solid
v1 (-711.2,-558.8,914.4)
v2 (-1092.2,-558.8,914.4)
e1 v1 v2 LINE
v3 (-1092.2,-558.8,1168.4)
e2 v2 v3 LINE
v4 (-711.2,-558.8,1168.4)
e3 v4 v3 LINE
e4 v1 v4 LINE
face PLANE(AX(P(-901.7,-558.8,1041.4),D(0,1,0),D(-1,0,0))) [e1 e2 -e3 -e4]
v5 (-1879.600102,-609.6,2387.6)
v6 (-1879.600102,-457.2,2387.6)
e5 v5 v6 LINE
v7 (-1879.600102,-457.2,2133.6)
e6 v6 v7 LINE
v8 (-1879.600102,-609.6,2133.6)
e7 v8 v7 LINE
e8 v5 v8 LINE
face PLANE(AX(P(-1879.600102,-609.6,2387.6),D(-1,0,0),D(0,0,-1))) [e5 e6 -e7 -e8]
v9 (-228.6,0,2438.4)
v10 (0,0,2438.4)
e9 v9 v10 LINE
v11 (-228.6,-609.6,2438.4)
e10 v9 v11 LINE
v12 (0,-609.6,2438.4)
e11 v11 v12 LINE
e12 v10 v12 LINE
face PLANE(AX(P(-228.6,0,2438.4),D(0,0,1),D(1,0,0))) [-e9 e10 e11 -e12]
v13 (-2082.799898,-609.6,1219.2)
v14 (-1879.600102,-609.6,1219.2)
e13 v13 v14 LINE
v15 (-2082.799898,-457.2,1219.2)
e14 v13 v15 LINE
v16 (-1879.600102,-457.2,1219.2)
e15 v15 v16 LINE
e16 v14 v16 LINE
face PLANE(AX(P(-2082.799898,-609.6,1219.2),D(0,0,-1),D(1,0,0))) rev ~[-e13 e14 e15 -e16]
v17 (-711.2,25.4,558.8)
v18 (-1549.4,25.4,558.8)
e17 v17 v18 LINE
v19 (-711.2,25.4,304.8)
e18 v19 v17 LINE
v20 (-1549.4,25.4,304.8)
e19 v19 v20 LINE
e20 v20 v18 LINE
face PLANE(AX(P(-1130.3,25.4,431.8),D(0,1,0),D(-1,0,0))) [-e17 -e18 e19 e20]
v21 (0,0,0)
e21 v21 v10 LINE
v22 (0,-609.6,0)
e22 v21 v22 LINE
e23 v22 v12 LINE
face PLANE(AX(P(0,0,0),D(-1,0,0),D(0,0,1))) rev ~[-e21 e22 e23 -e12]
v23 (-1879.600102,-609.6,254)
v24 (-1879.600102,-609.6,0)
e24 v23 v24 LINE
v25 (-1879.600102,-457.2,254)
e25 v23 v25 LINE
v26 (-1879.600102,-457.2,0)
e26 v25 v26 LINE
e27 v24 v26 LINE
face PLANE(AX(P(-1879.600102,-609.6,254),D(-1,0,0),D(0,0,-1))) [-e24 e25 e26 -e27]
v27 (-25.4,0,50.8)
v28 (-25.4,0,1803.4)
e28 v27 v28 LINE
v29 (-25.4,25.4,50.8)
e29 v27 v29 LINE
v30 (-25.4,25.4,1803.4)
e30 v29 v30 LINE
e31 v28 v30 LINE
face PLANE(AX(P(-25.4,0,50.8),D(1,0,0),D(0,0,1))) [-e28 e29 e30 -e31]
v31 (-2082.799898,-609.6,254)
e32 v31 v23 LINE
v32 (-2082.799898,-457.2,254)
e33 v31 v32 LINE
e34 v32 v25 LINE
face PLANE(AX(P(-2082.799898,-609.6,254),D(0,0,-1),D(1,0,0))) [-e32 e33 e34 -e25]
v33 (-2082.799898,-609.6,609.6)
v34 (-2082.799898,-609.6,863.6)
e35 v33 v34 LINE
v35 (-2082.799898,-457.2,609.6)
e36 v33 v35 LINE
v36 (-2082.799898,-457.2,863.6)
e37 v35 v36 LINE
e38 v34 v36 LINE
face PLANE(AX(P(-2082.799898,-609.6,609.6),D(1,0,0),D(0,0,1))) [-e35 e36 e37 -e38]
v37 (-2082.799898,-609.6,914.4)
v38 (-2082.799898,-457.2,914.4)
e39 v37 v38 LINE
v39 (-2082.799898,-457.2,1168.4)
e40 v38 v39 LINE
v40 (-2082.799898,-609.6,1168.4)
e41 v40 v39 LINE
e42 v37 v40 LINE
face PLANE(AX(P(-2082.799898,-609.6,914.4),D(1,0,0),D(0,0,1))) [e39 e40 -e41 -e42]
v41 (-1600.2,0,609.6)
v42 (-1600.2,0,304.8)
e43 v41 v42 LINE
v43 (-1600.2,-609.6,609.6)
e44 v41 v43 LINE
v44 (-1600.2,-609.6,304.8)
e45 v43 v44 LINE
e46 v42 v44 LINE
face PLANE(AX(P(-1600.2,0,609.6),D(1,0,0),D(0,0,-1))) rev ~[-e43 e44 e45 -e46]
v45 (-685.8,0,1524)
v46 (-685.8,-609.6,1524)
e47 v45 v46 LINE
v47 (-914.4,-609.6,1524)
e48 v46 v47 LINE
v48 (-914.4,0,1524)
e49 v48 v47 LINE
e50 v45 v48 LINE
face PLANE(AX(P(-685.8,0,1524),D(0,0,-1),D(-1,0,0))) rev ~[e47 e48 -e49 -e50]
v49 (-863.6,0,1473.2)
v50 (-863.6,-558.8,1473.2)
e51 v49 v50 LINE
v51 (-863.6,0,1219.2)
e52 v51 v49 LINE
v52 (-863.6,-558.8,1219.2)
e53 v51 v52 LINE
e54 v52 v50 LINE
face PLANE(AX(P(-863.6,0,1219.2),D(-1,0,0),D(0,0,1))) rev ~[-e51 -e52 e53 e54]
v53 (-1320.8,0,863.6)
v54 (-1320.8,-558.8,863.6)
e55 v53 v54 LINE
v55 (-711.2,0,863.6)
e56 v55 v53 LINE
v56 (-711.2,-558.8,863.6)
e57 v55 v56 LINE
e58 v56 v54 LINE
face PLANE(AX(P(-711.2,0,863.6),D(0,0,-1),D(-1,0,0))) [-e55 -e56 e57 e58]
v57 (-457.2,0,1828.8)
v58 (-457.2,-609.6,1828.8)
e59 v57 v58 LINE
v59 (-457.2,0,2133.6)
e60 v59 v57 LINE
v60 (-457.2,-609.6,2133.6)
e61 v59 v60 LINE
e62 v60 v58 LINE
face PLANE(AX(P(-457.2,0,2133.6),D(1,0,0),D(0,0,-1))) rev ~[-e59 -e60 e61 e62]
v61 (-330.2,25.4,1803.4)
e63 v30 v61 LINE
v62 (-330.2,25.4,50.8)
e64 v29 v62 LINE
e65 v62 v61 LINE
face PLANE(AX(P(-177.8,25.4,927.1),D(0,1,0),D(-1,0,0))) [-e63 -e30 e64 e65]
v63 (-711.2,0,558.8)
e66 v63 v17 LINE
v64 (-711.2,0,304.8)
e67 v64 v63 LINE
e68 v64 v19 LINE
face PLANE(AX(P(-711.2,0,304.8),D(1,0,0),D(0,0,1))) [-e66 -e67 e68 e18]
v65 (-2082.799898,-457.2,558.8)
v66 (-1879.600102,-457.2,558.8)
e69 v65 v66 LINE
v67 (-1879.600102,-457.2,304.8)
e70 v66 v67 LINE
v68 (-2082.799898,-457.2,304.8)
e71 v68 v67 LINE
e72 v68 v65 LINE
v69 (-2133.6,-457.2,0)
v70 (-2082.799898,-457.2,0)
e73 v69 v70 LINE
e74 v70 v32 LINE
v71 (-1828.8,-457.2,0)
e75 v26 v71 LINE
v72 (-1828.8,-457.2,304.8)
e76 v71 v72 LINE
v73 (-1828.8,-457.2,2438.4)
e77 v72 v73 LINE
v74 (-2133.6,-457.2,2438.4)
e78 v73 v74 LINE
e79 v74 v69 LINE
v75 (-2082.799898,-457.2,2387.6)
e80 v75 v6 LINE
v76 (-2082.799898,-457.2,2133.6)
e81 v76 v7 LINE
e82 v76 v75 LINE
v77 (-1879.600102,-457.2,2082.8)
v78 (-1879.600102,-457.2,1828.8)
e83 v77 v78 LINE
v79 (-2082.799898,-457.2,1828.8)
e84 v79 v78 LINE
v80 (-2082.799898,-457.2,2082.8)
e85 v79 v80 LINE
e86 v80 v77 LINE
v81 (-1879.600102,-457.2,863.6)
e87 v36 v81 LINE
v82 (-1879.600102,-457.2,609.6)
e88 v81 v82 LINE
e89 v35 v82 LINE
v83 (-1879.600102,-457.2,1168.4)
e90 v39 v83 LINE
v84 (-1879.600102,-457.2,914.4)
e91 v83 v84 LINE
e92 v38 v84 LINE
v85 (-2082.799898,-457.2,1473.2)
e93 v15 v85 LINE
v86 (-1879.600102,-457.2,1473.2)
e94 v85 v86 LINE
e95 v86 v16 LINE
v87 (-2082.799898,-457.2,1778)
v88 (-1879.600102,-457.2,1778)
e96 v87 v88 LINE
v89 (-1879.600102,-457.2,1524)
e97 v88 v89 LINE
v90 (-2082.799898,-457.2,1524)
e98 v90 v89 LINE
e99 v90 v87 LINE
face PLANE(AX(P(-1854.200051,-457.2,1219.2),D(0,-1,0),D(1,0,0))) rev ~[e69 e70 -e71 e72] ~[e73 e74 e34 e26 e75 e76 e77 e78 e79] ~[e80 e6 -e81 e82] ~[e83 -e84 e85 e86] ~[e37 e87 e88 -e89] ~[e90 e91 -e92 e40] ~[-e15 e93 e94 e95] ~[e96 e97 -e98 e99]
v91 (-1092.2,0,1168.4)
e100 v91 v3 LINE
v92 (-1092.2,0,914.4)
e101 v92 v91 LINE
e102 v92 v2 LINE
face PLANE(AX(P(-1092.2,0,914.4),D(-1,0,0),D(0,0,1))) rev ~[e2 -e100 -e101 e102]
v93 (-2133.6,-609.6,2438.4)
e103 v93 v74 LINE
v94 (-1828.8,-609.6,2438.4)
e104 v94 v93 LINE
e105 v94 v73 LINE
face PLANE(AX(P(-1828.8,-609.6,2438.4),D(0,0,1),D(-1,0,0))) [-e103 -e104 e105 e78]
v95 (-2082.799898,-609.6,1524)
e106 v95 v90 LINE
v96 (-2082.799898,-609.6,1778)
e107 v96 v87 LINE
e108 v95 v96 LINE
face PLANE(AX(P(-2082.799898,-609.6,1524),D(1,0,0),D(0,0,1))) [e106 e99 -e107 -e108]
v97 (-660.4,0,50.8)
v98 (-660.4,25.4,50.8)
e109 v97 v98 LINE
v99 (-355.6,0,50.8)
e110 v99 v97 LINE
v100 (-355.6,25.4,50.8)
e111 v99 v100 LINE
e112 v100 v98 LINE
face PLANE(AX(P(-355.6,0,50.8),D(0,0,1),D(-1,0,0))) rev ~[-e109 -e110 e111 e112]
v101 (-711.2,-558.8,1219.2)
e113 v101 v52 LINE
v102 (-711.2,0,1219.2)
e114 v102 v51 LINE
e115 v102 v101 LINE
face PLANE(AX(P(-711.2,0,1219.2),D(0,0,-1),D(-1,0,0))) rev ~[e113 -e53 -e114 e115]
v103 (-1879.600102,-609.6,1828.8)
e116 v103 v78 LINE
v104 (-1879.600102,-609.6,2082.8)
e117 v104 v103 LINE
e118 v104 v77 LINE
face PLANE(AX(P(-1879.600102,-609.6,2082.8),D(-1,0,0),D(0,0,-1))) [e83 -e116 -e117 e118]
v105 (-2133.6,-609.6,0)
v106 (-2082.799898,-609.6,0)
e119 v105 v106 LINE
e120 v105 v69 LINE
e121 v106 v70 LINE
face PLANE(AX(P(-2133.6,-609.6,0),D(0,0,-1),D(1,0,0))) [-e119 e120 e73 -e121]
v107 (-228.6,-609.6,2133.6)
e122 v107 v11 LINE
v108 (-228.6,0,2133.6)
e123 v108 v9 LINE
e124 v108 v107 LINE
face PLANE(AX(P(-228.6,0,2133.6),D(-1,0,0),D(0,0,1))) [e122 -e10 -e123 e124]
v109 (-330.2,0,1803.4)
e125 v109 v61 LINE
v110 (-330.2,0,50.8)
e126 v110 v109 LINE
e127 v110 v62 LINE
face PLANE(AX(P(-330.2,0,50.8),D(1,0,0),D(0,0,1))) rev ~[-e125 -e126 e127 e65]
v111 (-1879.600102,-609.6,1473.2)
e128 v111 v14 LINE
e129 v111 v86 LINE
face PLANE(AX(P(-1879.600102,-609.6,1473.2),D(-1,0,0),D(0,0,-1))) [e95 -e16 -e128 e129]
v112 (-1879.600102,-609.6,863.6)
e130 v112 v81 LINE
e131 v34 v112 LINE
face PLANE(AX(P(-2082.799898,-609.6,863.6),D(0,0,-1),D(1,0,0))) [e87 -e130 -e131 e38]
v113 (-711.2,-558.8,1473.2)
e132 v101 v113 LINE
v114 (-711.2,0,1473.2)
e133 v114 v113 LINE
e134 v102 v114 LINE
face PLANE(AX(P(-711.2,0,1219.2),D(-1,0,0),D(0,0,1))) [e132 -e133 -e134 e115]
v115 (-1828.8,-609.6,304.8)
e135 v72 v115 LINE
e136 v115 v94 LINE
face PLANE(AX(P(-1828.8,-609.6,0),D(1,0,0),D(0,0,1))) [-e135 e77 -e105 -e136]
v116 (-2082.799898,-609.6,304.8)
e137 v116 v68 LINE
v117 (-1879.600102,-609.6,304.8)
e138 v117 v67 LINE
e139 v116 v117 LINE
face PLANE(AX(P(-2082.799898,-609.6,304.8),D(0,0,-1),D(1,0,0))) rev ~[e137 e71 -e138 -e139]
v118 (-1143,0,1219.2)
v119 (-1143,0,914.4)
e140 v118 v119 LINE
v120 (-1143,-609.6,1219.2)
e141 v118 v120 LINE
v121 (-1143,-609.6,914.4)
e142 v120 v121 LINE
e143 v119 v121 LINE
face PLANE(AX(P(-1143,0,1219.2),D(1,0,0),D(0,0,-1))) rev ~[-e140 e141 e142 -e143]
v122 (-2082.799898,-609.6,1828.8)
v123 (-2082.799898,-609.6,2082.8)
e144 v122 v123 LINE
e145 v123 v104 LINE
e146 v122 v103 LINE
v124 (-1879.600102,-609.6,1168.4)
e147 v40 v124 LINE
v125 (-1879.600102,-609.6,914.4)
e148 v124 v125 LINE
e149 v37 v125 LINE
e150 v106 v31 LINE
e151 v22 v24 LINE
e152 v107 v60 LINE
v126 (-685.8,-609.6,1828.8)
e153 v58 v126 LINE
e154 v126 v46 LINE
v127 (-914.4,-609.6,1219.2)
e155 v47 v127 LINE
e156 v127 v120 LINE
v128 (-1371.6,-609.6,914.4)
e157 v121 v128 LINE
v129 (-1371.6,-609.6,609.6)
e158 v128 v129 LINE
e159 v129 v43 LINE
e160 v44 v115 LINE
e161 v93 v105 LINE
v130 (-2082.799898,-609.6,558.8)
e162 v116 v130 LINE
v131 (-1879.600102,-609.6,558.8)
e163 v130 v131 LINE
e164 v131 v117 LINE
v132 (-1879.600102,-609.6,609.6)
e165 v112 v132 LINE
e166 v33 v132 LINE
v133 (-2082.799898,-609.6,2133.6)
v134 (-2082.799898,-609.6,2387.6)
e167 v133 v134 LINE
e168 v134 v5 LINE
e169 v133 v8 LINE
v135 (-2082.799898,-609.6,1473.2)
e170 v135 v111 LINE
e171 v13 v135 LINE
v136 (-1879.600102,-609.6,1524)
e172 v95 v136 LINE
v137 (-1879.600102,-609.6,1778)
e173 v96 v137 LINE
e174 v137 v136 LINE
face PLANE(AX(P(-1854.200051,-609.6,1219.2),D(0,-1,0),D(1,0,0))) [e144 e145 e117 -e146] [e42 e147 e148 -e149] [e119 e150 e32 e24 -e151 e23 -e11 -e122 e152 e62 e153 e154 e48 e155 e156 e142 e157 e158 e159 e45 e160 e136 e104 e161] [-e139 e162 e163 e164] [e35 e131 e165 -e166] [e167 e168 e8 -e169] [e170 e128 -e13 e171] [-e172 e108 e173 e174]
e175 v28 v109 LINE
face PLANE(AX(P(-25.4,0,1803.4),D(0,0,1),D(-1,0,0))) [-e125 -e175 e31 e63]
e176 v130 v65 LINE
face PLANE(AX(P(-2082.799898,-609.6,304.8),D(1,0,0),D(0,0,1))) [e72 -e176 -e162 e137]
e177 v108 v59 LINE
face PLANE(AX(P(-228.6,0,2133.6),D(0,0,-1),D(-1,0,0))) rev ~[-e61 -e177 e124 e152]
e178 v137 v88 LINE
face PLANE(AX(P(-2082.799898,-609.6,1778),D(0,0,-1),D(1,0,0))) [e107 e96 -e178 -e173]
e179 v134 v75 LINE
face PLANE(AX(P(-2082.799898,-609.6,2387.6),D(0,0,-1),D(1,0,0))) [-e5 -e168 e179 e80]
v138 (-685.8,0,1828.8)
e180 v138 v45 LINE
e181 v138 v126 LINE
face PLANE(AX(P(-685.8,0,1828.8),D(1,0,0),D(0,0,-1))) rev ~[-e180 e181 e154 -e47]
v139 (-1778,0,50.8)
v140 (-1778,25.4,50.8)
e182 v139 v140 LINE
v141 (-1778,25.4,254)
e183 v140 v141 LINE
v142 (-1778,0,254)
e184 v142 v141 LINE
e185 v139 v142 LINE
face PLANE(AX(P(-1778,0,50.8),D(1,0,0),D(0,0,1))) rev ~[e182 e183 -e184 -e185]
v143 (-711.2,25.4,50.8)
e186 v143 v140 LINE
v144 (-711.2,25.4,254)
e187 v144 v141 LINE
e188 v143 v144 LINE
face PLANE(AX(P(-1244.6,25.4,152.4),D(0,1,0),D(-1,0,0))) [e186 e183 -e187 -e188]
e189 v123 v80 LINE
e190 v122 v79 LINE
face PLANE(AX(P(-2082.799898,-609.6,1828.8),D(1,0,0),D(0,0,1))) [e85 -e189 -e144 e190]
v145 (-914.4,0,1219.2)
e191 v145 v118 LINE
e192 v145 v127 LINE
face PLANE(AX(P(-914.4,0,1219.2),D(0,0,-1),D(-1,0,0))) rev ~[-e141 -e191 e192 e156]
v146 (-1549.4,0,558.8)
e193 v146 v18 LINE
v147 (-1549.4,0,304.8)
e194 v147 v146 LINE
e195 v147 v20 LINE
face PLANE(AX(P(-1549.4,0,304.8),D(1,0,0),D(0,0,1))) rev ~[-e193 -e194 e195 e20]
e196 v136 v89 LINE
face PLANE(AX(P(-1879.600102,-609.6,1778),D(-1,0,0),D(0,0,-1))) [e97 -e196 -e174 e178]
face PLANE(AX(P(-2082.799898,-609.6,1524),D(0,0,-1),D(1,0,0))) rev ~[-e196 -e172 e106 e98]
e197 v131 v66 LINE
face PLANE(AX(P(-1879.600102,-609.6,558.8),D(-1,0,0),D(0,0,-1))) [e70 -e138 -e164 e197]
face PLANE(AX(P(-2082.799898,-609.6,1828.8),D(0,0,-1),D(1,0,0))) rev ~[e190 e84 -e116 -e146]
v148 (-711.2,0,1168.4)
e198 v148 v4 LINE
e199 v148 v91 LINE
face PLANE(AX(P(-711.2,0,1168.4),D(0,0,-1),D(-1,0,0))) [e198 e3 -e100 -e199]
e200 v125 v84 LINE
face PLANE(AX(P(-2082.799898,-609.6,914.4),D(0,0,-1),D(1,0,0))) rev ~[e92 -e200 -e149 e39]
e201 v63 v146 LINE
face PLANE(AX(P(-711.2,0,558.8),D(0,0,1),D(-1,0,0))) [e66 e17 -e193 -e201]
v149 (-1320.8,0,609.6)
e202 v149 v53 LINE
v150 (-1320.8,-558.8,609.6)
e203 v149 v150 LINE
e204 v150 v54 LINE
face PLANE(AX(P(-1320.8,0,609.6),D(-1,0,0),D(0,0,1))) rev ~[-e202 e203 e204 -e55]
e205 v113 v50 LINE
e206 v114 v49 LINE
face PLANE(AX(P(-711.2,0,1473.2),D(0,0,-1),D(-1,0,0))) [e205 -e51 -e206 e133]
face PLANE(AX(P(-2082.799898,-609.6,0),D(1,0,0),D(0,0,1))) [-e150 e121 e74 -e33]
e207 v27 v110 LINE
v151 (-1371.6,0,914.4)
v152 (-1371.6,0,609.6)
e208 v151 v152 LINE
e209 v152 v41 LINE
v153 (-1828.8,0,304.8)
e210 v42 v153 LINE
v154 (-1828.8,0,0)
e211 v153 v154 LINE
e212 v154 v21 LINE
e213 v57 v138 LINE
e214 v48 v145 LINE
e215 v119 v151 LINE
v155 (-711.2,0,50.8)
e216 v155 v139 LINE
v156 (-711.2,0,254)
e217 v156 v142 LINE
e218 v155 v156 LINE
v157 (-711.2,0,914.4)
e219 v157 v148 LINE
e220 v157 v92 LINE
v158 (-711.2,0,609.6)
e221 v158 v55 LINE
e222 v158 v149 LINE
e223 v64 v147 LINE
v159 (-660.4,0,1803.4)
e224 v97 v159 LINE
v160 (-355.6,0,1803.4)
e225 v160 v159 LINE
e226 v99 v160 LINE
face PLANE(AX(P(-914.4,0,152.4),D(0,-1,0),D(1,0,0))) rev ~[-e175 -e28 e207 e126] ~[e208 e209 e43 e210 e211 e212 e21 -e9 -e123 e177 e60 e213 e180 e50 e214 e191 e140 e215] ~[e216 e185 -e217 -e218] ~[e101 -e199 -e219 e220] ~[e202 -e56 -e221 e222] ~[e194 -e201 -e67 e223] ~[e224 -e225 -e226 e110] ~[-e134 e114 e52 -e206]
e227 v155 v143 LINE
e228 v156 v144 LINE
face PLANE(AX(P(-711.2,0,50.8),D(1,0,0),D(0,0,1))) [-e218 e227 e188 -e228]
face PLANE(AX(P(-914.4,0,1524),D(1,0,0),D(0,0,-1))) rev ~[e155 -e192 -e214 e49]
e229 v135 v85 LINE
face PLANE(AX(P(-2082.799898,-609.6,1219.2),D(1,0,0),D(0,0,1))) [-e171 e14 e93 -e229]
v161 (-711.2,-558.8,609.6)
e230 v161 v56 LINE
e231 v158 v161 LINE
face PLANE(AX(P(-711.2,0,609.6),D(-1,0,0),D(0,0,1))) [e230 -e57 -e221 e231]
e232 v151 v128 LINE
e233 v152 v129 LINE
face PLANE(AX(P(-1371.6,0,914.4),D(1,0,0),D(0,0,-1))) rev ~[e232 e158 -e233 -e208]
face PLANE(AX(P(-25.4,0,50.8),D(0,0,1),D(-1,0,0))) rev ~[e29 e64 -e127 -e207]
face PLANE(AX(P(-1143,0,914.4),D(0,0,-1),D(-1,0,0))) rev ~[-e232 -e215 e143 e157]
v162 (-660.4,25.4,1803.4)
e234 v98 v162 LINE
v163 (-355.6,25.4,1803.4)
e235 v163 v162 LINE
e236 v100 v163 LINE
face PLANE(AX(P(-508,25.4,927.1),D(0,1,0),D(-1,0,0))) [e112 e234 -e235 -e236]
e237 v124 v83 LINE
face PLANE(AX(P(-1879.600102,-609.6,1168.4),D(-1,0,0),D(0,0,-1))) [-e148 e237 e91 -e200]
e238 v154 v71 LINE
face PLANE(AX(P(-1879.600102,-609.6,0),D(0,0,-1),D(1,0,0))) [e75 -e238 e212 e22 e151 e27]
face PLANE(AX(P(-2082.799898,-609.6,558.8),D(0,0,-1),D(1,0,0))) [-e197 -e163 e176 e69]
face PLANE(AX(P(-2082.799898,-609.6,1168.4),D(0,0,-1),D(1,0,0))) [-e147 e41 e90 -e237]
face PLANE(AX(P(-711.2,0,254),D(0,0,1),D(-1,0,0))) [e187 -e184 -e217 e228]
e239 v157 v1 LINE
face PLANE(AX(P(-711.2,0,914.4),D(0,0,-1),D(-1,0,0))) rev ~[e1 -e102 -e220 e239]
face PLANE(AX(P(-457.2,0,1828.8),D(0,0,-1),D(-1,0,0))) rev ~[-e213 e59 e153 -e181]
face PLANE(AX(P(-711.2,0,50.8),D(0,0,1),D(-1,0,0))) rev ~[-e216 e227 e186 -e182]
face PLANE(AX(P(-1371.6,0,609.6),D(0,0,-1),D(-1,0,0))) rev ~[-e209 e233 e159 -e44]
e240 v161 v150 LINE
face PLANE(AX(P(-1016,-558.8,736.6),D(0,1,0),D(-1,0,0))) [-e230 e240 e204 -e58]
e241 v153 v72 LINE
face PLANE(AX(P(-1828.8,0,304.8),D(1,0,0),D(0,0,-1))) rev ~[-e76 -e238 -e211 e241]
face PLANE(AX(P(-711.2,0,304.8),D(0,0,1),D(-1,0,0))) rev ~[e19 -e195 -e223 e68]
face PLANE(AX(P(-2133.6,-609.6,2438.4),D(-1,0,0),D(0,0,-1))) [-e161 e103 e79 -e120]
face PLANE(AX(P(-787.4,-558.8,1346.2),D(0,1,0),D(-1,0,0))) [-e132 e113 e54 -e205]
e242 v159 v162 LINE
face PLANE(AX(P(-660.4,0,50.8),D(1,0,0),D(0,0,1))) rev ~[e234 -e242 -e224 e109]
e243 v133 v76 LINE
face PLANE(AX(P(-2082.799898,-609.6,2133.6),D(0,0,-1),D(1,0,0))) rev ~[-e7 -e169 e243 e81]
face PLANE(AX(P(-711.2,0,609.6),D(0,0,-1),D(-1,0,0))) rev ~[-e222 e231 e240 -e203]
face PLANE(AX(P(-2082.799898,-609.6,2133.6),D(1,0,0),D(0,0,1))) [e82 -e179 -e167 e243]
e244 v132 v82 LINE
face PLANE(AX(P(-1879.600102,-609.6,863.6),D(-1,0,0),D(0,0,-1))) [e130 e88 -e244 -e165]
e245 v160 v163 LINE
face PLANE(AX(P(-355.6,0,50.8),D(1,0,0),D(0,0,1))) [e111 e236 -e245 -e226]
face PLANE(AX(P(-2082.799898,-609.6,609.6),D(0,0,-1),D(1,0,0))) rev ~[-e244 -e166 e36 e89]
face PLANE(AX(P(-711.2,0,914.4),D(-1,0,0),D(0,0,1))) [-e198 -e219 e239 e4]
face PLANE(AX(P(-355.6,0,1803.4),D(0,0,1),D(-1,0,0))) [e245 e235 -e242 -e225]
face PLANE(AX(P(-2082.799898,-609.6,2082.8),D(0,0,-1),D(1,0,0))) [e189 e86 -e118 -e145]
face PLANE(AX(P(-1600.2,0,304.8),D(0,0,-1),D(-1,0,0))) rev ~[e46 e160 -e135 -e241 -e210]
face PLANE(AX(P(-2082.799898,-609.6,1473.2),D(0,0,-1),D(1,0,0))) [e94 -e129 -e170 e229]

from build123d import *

# Parameters (mm, degrees)
F0_W     = 228.6
F0_H     = 304.8
F1_DEPTH = 609.6
F2_W     = 203.199796
F2_H     = 50.8
F3_DEPTH = 152.4
F4_W     = 152.4
F4_H     = 254
F4_W_2   = 381
F4_W_3   = 609.6
F5_DEPTH = 558.8
F4_W_4   = 304.8
F4_H_2   = 1752.6
F4_W_5   = 838.2
F4_W_6   = 1066.8
F4_H_3   = 203.2
F6_DEPTH = 25.4


with BuildPart() as f1:
    # F0 (on Front) → F1 (new body)
    with BuildSketch(Plane.XZ):
        Polygon((-1828.8, 304.8), (-1828.8, 0), (0, 0), (0, 304.8), (-1600.2, 304.8), align=None)
        Polygon((-1600.2, 304.8), (0, 304.8), (0, 609.6), (-1371.6, 609.6), (-1600.2, 609.6), align=None)
        Polygon((-1371.6, 609.6), (0, 609.6), (0, 914.4), (-1143, 914.4), (-1371.6, 914.4), align=None)
        Polygon((-1143, 914.4), (0, 914.4), (0, 1219.2), (-914.4, 1219.2), (-1143, 1219.2), align=None)
        Polygon((-914.4, 1219.2), (0, 1219.2), (0, 1524), (-685.8, 1524), (-914.4, 1524), align=None)
        Polygon((-685.8, 1524), (0, 1524), (0, 1828.8), (-457.2, 1828.8), (-685.8, 1828.8), align=None)
        Polygon((-457.2, 1828.8), (0, 1828.8), (0, 2133.6), (-228.6, 2133.6), (-457.2, 2133.6), align=None)
        with Locations((-114.3, 2286)):
            Rectangle(F0_W, F0_H)
    extrude(amount=F1_DEPTH)

    # F2 (on face) → F3 (join)
    with BuildSketch(Plane.XZ.offset(609.6)):
        Polygon((-1879.600102, 0), (-1828.8, 0), (-1828.8, 2438.4), (-1879.600102, 2438.4), (-1879.600102, 2387.6), (-1879.600102, 2340.422869), (-1879.600102, 2133.6), (-1879.600102, 2082.8), (-1879.600102, 1828.8), (-1879.600102, 1778), (-1879.600102, 1524), (-1879.600102, 1473.2), (-1879.600102, 1219.2), (-1879.600102, 1168.4), (-1879.600102, 914.4), (-1879.600102, 863.6), (-1879.600102, 609.6), (-1879.600102, 558.8), (-1879.600102, 304.8), (-1879.600102, 254), align=None)
        with Locations((-1981.2, 279.4)):
            Rectangle(F2_W, F2_H)
        with Locations((-1981.2, 2413)):
            Rectangle(F2_W, F2_H)
        Polygon((-2082.799898, 0), (-2082.799898, 254), (-2082.799898, 304.8), (-2082.799898, 558.8), (-2082.799898, 609.6), (-2082.799898, 863.6), (-2082.799898, 914.4), (-2082.799898, 1168.4), (-2082.799898, 1219.2), (-2082.799898, 1473.2), (-2082.799898, 1524), (-2082.799898, 1778), (-2082.799898, 1828.8), (-2082.799898, 2082.8), (-2082.799898, 2133.6), (-2082.799898, 2340.422869), (-2082.799898, 2387.6), (-2082.799898, 2438.4), (-2133.6, 2438.4), (-2133.6, 0), align=None)
        with Locations((-1981.2, 2108.2)):
            Rectangle(F2_W, F2_H)
        with Locations((-1981.2, 1803.4)):
            Rectangle(F2_W, F2_H)
        with Locations((-1981.2, 1498.6)):
            Rectangle(F2_W, F2_H)
        with Locations((-1981.2, 1193.8)):
            Rectangle(F2_W, F2_H)
        with Locations((-1981.2, 889)):
            Rectangle(F2_W, F2_H)
        with Locations((-1981.2, 584.2)):
            Rectangle(F2_W, F2_H)
    extrude(amount=-F3_DEPTH)

    # F4 (on face) → F5 (cut)
    with BuildSketch(Plane(origin=(0, 0, 0), x_dir=(-1, 0, 0), z_dir=(0, 1, 0))):
        with Locations((787.4, 1346.2)):
            Rectangle(F4_W, F4_H)
        with Locations((901.7, 1041.4)):
            Rectangle(F4_W_2, F4_H)
        with Locations((1016, 736.6)):
            Rectangle(F4_W_3, F4_H)
    extrude(amount=-F5_DEPTH, mode=Mode.SUBTRACT)

    # F4 (on face) → F6 (join)
    with BuildSketch(Plane(origin=(0, 0, 0), x_dir=(-1, 0, 0), z_dir=(0, 1, 0))):
        with Locations((177.8, 927.1)):
            Rectangle(F4_W_4, F4_H_2)
        with Locations((508, 927.1)):
            Rectangle(F4_W_4, F4_H_2)
        with Locations((1130.3, 431.8)):
            Rectangle(F4_W_5, F4_H)
        with Locations((1244.6, 152.4)):
            Rectangle(F4_W_6, F4_H_3)
    extrude(amount=F6_DEPTH)


solid = f1.part
